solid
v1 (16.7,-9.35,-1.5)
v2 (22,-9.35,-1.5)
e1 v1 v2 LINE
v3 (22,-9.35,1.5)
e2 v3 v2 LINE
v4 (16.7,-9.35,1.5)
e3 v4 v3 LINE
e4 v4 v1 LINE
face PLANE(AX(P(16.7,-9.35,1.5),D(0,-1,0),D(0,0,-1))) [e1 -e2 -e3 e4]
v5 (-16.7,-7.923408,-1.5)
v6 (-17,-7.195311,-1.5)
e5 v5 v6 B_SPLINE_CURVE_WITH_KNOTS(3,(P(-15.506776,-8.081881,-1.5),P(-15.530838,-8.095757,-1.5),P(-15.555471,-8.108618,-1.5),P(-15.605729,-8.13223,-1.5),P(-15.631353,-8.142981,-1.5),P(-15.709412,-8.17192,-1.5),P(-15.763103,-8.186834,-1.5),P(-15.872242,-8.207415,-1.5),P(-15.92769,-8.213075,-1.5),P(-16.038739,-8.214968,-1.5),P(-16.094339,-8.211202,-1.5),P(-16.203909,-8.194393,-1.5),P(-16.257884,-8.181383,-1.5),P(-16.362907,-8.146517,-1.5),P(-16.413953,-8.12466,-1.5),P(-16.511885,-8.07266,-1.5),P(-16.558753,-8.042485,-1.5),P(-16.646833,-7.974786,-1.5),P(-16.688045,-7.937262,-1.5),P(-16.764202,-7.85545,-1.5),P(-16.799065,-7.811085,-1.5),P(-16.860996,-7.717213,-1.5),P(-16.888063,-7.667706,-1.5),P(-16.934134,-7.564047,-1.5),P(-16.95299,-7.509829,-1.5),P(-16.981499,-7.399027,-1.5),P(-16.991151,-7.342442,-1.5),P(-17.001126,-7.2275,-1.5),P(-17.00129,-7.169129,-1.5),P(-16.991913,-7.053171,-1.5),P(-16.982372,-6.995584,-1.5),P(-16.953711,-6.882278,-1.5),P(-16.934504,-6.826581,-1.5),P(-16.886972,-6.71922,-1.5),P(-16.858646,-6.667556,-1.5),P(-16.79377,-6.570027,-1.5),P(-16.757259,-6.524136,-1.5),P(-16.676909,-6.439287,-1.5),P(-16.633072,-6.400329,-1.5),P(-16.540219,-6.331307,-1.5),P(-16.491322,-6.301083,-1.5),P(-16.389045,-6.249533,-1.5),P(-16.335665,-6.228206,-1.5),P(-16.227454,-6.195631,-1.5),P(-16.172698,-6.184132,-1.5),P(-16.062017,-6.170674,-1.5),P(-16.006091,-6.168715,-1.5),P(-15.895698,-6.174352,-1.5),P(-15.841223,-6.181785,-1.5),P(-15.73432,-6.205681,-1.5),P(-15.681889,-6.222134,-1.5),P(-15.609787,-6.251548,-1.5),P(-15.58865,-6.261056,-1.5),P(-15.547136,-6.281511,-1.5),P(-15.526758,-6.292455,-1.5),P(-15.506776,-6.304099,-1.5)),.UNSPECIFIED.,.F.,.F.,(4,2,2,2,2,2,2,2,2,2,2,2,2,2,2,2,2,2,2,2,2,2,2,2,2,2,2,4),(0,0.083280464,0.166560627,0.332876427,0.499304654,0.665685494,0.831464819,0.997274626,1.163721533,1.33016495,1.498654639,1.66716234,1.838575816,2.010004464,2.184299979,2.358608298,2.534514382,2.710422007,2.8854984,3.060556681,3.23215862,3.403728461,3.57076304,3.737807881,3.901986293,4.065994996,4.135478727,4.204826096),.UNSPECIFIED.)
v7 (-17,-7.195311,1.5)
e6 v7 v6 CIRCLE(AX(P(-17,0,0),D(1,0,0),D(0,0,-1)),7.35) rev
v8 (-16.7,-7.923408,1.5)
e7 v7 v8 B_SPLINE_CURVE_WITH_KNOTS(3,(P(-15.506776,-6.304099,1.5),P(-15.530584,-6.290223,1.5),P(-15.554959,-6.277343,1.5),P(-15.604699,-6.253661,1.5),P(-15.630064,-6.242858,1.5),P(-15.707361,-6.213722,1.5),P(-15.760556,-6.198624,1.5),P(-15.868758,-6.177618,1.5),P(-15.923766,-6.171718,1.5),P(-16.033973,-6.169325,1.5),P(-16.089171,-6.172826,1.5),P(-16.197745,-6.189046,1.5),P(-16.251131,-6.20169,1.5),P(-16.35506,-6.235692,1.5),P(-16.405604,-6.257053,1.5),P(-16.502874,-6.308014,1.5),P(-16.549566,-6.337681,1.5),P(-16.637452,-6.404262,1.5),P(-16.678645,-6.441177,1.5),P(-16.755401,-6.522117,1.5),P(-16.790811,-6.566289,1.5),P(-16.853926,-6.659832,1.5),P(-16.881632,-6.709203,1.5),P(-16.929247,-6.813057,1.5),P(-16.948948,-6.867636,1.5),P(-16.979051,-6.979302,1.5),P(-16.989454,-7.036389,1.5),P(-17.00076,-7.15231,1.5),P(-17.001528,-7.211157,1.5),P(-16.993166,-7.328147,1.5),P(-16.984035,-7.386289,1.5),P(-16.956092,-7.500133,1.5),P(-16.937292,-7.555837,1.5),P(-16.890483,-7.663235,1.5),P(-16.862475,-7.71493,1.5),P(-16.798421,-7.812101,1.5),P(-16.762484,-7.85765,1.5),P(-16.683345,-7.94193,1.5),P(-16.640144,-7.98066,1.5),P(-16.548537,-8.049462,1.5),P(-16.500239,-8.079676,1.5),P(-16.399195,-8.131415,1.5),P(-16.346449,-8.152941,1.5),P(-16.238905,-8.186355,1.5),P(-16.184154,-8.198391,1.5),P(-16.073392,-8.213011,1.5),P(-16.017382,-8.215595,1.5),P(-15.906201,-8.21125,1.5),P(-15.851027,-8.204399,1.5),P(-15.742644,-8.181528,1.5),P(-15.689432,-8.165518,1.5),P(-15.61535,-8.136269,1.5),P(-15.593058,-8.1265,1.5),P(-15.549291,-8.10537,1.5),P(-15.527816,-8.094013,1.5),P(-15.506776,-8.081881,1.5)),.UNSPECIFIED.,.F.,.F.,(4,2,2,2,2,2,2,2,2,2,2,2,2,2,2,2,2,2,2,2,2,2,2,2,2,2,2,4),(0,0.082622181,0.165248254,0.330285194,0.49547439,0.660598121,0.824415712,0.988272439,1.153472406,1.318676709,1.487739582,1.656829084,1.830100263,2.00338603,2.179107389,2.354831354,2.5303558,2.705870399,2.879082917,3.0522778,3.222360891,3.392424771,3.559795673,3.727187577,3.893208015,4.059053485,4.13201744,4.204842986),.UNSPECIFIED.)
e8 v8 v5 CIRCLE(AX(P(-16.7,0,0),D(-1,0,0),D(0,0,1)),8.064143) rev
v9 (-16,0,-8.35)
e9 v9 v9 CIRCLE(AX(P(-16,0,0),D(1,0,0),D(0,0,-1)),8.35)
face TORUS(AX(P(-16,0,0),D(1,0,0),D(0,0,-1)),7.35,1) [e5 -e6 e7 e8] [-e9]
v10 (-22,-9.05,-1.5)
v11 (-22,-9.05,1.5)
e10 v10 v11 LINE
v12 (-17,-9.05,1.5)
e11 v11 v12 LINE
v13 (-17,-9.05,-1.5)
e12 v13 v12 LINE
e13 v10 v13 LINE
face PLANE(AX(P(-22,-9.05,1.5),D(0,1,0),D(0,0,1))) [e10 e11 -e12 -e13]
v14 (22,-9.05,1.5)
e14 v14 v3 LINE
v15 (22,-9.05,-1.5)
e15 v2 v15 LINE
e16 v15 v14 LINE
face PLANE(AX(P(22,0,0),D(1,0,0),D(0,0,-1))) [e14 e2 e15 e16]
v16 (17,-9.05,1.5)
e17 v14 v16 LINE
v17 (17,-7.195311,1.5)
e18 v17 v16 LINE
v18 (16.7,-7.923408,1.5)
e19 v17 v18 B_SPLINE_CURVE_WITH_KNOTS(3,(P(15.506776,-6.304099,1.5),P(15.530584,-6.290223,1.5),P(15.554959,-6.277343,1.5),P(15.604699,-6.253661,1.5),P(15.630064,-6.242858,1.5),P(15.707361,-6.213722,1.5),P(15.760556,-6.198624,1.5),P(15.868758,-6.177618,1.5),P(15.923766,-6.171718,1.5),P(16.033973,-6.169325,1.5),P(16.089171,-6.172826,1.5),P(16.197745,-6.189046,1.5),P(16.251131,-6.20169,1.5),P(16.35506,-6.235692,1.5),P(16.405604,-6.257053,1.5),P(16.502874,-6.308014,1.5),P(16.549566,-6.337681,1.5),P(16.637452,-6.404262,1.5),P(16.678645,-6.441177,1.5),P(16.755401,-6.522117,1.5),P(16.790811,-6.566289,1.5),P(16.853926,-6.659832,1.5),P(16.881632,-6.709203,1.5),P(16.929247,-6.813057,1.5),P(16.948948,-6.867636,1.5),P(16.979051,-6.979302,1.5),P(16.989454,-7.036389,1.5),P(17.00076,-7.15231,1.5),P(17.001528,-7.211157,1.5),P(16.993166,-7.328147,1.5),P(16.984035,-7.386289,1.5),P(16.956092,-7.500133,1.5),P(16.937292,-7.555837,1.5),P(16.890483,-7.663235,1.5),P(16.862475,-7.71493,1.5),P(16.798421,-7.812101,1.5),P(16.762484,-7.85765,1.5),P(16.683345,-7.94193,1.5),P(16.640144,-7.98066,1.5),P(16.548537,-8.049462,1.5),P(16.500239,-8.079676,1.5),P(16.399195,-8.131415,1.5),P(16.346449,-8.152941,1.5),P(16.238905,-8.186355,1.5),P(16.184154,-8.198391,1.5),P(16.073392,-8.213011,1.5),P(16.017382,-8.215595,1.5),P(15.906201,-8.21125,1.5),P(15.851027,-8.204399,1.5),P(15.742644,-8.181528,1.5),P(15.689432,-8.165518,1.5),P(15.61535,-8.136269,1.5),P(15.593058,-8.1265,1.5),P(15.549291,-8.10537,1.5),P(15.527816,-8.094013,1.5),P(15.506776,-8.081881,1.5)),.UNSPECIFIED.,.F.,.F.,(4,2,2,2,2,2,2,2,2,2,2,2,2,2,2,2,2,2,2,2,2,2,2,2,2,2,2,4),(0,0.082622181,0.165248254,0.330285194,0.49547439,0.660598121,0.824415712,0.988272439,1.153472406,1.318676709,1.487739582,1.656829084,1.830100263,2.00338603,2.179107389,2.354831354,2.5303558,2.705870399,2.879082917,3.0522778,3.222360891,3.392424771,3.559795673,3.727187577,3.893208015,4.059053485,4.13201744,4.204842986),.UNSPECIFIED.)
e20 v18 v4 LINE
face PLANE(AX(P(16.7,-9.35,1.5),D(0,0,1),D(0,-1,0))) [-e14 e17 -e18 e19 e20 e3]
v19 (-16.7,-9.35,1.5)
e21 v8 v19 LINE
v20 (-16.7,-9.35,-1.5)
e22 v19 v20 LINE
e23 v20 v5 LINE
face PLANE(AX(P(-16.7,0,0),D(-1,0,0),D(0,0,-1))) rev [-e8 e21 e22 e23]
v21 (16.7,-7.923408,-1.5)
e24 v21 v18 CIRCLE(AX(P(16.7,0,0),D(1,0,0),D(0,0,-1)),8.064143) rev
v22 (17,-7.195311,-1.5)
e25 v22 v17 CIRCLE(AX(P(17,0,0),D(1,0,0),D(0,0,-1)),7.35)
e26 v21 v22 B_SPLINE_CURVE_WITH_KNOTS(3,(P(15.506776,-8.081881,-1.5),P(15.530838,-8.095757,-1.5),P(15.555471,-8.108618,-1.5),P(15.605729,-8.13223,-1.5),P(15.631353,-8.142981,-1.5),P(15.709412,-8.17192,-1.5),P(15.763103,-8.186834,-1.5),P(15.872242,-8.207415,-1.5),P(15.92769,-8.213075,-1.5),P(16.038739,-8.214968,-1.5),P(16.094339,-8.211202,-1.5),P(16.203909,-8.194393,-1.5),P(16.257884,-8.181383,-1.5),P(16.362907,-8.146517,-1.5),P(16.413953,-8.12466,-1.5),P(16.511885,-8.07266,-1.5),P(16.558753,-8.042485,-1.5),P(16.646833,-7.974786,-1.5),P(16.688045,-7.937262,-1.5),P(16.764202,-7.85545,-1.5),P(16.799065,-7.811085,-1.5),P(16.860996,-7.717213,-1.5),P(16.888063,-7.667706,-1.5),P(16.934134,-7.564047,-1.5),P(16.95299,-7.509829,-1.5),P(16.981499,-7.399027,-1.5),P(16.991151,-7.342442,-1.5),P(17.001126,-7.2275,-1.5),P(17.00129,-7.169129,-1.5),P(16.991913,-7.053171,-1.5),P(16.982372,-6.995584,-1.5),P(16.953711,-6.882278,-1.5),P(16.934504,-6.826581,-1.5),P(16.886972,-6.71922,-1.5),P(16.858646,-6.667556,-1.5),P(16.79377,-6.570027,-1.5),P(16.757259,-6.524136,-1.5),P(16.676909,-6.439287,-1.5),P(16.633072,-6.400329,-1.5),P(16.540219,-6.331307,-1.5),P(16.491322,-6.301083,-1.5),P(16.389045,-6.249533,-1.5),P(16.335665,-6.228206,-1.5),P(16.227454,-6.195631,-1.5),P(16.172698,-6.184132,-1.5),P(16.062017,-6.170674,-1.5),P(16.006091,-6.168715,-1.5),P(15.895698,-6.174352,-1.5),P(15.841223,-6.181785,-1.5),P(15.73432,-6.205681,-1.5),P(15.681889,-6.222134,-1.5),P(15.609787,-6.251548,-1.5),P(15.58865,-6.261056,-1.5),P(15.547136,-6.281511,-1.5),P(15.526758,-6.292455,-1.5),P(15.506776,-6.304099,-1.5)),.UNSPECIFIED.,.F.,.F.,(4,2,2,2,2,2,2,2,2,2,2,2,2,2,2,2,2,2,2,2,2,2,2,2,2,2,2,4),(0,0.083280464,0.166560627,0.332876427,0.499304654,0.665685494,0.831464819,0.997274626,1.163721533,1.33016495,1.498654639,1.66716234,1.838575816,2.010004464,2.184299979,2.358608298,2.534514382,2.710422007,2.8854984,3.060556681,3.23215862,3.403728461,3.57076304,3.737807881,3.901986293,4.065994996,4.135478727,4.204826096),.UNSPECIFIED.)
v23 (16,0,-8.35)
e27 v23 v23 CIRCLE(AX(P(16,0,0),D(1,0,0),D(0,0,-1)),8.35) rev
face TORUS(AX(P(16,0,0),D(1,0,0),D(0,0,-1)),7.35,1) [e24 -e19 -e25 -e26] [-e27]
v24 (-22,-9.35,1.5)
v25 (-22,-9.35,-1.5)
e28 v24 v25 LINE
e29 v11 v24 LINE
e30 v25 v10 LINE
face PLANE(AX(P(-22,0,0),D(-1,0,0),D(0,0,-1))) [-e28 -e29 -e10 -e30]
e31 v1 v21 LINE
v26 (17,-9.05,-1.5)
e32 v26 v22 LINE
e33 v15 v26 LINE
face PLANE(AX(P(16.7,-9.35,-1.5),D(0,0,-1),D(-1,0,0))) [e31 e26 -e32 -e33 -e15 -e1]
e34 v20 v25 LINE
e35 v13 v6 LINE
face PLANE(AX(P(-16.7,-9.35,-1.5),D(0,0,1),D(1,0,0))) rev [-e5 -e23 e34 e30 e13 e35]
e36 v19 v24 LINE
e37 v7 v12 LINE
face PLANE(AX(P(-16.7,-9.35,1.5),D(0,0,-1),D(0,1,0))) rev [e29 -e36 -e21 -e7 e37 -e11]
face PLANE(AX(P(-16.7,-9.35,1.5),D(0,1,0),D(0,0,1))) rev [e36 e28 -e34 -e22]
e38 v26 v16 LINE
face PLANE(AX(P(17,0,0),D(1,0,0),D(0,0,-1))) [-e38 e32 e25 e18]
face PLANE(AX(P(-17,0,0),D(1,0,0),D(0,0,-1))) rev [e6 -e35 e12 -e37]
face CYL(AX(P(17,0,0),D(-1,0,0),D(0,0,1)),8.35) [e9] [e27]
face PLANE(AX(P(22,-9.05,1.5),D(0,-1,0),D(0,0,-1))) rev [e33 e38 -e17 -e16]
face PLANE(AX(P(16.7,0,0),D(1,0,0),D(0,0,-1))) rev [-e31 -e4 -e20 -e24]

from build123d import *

# Parameters (mm, degrees)
SKETCH_1_R      = 8.35
EXTRUDE_1_DEPTH = 17
FILLET_1_R      = 1
EXTRUDE_2_DEPTH = 0.3
SKETCH_3_W      = 3
SKETCH_3_H      = 0.3
EXTRUDE_3_DEPTH = 5


with BuildPart() as part:
    # Эскиз1 → Бобышка-Вытянуть1 (new, symmetric)
    with BuildSketch(Plane(origin=(0, 0, 0), x_dir=(0, 0, -1), z_dir=(1, 0, 0))):
        Circle(SKETCH_1_R)
    extrude(amount=EXTRUDE_1_DEPTH, both=True)

    # Скругление1
    fillet_1_edges = [part.edges().sort_by_distance(p)[0] for p in [
        (-17, 0, 8.35),
        (17, 0, 8.35),
    ]]
    fillet(fillet_1_edges, radius=FILLET_1_R)

    # Эскиз2 → Бобышка-Вытянуть2 (add)
    with BuildSketch(Plane(origin=(17, 0, 0), x_dir=(0, 0, -1), z_dir=(1, 0, 0))):
        with BuildLine():
            Line((-1.5, -9.35), (1.5, -9.35))
            Line((1.5, -9.35), (1.5, -7.195310973))
            ThreePointArc((1.5, -7.195310973), (0, -7.35), (-1.5, -7.195310973))
            Line((-1.5, -7.195310973), (-1.5, -9.35))
        make_face()
    extrude_2 = extrude(amount=-EXTRUDE_2_DEPTH)

    # Эскиз3 → Бобышка-Вытянуть3 (add)
    with BuildSketch(Plane(origin=(17, 0, 0), x_dir=(0, 0, -1), z_dir=(1, 0, 0))):
        with Locations((0, -9.2)):
            Rectangle(SKETCH_3_W, SKETCH_3_H)
    extrude_3 = extrude(amount=EXTRUDE_3_DEPTH)

    # Зеркальное отражение1: Бобышка-Вытянуть2, Бобышка-Вытянуть3 across plane
    add(extrude_2.mirror(Plane(origin=(0, 0, 0), x_dir=(0, 0, 1), z_dir=(1, 0, 0))))
    add(extrude_3.mirror(Plane(origin=(0, 0, 0), x_dir=(0, 0, 1), z_dir=(1, 0, 0))))


solid = part.part
